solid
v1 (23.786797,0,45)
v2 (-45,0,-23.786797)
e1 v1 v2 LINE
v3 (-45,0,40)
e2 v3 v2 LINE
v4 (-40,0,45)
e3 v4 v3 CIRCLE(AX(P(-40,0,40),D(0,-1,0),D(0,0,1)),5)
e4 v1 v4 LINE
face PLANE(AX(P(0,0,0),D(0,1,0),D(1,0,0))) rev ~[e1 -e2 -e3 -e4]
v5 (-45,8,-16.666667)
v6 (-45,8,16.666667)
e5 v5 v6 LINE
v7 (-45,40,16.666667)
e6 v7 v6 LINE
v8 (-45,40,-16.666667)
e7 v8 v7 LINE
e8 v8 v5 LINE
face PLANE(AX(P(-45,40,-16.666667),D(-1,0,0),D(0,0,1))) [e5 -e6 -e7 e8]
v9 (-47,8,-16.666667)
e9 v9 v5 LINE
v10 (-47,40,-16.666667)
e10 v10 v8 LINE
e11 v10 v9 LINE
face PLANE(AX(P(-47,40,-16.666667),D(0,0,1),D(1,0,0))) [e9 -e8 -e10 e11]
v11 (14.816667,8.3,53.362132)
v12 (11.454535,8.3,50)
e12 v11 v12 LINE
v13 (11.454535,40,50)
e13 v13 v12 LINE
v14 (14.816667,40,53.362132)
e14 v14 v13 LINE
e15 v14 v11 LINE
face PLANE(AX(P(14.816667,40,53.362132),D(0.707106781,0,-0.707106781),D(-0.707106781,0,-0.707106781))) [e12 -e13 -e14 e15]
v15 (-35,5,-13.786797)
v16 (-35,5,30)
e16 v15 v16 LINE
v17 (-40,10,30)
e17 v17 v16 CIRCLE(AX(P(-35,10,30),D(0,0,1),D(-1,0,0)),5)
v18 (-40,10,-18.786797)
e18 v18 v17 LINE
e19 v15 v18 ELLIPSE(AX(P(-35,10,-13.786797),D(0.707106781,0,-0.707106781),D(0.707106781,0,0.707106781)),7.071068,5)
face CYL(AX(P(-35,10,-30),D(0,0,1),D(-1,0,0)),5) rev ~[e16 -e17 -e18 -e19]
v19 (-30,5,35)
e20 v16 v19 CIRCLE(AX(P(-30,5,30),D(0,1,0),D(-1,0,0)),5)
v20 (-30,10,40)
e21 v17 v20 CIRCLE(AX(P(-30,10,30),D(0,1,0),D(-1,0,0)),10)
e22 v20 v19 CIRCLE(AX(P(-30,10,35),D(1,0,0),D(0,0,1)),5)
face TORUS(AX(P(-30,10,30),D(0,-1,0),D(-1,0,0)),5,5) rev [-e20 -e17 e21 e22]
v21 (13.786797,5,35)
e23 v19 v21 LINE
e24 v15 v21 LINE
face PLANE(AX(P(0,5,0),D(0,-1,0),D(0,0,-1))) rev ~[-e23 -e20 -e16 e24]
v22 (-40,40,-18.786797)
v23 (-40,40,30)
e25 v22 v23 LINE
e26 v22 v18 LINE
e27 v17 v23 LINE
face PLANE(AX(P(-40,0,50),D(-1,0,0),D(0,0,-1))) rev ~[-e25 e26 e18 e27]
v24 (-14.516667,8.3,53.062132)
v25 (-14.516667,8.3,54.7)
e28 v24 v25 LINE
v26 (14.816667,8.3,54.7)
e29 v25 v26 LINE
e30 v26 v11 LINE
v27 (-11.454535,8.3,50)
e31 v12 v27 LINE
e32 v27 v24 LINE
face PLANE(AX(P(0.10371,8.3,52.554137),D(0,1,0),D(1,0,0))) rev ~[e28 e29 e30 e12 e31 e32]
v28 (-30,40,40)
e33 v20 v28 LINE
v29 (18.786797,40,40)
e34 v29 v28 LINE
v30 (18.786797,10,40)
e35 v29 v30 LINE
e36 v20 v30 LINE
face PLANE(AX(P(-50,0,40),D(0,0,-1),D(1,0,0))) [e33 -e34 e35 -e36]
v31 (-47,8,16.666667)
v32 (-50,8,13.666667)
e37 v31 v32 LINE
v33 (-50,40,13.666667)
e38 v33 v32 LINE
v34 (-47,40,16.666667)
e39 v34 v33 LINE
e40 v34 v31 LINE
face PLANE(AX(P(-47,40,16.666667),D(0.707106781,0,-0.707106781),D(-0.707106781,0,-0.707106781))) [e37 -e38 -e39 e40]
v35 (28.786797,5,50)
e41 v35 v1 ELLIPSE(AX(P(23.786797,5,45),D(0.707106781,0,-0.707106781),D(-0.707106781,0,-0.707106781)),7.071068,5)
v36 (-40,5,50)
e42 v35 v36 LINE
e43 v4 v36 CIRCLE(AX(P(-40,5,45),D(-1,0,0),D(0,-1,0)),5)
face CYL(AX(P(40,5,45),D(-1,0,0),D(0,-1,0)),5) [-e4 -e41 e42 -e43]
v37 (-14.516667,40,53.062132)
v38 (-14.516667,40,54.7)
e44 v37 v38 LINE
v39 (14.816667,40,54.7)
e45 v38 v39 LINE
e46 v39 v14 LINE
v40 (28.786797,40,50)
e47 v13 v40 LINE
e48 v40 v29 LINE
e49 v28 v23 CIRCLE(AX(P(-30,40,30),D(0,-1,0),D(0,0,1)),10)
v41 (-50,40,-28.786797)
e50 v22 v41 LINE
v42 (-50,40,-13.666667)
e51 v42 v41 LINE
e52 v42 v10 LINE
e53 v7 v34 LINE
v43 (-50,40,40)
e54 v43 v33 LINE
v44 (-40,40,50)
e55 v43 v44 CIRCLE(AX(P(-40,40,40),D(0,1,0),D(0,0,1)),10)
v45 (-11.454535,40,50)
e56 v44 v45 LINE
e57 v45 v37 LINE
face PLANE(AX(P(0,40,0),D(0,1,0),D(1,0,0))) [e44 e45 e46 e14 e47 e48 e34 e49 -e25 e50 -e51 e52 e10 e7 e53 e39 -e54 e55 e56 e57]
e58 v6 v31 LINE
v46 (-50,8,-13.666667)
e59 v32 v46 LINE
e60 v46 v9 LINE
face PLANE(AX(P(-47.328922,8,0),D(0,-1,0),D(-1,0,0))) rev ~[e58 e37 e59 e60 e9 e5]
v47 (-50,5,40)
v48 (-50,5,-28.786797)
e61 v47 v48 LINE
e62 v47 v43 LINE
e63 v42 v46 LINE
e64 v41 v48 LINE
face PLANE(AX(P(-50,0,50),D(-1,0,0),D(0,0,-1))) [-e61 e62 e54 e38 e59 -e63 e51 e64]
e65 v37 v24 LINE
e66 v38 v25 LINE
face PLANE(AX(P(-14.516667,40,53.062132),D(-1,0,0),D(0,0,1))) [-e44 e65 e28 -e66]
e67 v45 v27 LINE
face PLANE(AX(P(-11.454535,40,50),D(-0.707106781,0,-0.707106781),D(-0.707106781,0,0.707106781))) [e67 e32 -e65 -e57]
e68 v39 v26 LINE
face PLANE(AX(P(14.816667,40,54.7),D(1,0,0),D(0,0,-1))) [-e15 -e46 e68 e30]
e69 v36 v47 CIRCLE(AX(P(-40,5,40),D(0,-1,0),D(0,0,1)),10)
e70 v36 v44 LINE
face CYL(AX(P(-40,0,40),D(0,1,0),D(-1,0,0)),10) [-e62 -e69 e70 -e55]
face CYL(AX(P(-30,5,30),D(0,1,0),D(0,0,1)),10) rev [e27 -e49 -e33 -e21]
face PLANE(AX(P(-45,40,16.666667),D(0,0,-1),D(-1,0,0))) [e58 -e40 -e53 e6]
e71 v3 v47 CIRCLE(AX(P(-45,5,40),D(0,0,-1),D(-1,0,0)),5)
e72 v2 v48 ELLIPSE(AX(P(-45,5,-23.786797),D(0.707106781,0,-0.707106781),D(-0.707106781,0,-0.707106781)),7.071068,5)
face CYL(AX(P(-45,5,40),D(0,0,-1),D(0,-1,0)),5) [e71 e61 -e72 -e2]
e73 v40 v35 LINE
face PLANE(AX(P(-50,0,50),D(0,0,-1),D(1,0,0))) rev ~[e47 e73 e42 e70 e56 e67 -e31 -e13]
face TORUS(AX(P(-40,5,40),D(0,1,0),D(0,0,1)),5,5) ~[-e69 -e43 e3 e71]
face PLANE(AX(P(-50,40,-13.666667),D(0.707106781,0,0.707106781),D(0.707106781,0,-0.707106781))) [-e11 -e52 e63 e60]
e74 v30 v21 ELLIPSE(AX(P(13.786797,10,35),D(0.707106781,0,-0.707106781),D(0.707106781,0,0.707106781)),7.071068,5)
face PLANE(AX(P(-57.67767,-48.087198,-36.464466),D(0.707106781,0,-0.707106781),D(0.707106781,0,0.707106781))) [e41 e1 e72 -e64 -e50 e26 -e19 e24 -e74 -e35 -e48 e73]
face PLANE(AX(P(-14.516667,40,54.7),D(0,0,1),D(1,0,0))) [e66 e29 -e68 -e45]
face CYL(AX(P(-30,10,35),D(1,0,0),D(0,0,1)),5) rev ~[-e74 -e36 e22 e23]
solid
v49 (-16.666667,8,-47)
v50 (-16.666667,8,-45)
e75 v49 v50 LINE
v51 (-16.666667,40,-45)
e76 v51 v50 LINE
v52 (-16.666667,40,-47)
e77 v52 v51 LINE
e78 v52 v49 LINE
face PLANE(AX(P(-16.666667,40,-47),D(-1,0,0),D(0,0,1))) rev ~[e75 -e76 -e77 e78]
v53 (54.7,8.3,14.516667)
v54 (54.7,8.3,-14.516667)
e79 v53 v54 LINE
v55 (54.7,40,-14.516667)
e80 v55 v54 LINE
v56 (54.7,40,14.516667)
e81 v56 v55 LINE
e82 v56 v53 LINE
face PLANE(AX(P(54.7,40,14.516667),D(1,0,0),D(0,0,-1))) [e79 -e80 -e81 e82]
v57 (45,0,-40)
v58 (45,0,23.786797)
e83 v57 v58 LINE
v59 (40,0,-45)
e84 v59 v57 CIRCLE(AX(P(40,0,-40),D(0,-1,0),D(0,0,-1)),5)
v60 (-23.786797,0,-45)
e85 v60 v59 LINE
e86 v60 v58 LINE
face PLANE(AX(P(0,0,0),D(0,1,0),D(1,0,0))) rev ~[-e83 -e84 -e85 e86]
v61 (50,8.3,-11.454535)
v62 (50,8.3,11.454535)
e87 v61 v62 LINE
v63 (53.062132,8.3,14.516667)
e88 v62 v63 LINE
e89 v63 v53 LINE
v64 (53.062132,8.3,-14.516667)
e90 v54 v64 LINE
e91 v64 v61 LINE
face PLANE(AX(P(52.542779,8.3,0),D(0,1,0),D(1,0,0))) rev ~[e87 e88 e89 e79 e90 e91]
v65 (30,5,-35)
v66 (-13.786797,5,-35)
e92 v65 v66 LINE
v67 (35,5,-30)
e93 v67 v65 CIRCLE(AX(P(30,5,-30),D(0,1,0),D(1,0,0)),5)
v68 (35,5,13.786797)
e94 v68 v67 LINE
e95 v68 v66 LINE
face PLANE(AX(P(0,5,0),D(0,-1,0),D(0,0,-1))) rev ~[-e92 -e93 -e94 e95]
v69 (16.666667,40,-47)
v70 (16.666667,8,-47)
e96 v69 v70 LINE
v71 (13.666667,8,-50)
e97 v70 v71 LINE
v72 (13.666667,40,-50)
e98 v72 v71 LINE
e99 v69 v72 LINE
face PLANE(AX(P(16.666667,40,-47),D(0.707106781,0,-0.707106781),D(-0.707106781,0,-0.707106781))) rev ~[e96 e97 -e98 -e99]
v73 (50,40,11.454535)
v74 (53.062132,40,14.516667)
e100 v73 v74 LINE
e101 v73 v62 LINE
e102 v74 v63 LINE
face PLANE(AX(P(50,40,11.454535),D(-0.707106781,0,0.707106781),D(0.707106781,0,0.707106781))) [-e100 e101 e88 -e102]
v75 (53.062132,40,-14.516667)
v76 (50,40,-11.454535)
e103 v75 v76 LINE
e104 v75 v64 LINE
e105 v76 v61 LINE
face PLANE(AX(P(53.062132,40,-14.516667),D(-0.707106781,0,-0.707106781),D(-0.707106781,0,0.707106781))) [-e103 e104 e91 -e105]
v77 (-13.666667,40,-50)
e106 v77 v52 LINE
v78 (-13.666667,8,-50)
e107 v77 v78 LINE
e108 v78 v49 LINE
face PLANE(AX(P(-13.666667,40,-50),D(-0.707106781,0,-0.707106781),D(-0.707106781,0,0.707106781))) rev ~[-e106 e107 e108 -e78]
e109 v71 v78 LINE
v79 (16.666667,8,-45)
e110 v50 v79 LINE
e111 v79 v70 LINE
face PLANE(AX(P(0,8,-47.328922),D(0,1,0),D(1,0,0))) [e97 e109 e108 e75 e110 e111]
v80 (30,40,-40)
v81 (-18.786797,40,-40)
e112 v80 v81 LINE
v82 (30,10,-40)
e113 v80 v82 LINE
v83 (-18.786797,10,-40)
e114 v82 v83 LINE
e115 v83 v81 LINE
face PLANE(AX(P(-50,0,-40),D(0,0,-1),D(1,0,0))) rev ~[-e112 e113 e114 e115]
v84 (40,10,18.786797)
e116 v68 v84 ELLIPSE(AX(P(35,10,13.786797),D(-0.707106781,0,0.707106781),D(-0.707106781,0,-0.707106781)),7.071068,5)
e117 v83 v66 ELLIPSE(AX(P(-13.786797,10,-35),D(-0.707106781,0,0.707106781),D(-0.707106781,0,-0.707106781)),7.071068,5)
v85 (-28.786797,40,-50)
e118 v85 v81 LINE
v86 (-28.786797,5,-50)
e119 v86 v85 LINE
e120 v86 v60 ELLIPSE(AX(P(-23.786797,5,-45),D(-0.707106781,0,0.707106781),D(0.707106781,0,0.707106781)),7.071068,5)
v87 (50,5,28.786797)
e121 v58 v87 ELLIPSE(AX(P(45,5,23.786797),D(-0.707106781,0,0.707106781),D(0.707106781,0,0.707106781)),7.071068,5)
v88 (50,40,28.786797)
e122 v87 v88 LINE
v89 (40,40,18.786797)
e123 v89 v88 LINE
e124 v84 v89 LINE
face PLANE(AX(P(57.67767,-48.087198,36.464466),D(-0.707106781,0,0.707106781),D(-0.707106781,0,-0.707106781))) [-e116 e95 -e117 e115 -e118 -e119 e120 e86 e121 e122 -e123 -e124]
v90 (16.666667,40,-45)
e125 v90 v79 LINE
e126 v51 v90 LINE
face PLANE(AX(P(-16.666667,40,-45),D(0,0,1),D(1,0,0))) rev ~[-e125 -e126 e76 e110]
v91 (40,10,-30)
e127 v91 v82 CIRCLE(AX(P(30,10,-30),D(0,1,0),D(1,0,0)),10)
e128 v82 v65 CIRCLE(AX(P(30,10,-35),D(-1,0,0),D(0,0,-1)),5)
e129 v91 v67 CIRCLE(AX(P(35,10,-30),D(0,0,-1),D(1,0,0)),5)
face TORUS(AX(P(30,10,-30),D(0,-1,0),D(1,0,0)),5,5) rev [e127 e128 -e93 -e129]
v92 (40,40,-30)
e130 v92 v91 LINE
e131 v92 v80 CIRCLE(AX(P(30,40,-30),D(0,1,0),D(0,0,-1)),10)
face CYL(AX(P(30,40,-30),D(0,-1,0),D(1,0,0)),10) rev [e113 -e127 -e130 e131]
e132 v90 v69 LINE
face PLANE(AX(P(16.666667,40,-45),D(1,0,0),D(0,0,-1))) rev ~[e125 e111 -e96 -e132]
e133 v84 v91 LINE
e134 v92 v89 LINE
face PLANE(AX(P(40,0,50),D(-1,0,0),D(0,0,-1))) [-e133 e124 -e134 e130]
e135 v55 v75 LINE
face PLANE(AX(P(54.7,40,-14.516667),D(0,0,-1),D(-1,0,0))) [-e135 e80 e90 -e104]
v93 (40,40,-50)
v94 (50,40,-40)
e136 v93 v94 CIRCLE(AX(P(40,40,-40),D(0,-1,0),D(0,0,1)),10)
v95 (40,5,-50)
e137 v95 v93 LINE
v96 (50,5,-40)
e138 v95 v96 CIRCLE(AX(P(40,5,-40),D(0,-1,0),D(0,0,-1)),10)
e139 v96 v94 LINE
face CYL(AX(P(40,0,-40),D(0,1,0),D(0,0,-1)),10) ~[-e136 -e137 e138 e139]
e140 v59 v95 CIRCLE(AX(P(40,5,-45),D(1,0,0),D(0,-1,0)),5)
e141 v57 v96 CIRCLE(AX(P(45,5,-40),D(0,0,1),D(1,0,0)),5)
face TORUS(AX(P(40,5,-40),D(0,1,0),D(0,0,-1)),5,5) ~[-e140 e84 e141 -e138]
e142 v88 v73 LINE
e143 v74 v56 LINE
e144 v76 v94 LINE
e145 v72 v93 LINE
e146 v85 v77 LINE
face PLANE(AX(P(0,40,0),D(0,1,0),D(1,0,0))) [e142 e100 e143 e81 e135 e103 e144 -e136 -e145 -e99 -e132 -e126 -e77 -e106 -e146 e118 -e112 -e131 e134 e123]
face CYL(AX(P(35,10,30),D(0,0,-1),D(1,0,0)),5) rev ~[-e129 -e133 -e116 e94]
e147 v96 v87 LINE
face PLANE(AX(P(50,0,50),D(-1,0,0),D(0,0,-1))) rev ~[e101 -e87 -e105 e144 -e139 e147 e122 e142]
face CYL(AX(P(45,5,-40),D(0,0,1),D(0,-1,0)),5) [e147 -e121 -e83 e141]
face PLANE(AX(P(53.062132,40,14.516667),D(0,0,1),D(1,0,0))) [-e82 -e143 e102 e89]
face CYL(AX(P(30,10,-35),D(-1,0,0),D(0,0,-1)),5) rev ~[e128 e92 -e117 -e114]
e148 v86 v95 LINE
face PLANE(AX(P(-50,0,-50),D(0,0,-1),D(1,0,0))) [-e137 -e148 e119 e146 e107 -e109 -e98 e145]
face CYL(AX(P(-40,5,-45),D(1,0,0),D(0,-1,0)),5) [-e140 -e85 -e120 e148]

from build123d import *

# Parameters (mm, degrees)
SKETCH1_W                    = 100
SKETCH1_H                    = 100
BOSS_EXTRUDE1_DEPTH          = 40
SHELL1_T                     = -10
SHELL1_THICKNESS_2_FACE_W    = 80
SHELL1_THICKNESS_2_FACE_H    = 80
SHELL1_THICKNESS_2_DEPTH     = 5
CUT_EXTRUDE1_DEPTH           = 32
BOSS_EXTRUDE2_DEPTH          = 31.7
CUT_EXTRUDE2_DEPTH           = 32
BOSS_EXTRUDE3_DEPTH          = 31.7
FILLET1_R                    = 10
FILLET2_R                    = 5
CUT_EXTRUDE_THIN1_DEPTH      = 88.087197681
CUT_EXTRUDE_THIN1_DEPTH_BACK = 88.087197681


with BuildPart() as part:
    # Sketch1 → Boss-Extrude1 (new body)
    with BuildSketch(Plane(origin=(0, 0, 0), x_dir=(1, 0, 0), z_dir=(0, 1, 0))):
        Rectangle(SKETCH1_W, SKETCH1_H)
    extrude(amount=BOSS_EXTRUDE1_DEPTH)

    # Shell1
    shell1_openings = [part.faces().sort_by_distance(p)[0] for p in [
        (0, 40, 0),
    ]]
    offset(amount=SHELL1_T, openings=shell1_openings, kind=Kind.INTERSECTION)

    # Shell1 thickness 2 face (on inner face of the shell) → Shell1 thickness 2 (cut)
    with BuildSketch(Plane(origin=(0, 10, 0), x_dir=(0, 0, -1), z_dir=(0, -1, 0))):
        Rectangle(SHELL1_THICKNESS_2_FACE_W, SHELL1_THICKNESS_2_FACE_H)
    extrude(amount=SHELL1_THICKNESS_2_DEPTH, mode=Mode.SUBTRACT)

    # Sketch2 → Cut-Extrude1 (cut)
    with BuildSketch(Plane(origin=(0, 40, 0), x_dir=(1, 0, 0), z_dir=(0, 1, 0))):
        Polygon((-13.666666667, 50), (-16.666666667, 47), (-16.666666667, 45), (16.666666667, 45), (16.666666667, 47), (13.666666667, 50), align=None)
    extrude(amount=-CUT_EXTRUDE1_DEPTH, mode=Mode.SUBTRACT)

    # Sketch3 → Boss-Extrude2 (add)
    with BuildSketch(Plane(origin=(0, 40, 0), x_dir=(1, 0, 0), z_dir=(0, 1, 0))):
        Polygon((-11.454534632, -50), (-14.516666667, -53.062132034), (-14.516666667, -54.7), (14.816666667, -54.7), (14.816666667, -53.362132034), (11.454534632, -50), align=None)
    extrude(amount=-BOSS_EXTRUDE2_DEPTH)

    # Sketch4 → Cut-Extrude2 (cut)
    with BuildSketch(Plane(origin=(0, 40, 0), x_dir=(1, 0, 0), z_dir=(0, 1, 0))):
        Polygon((-45, 16.666666667), (-45, -16.666666667), (-47, -16.666666667), (-50, -13.666666667), (-50, 13.666666667), (-47, 16.666666667), align=None)
    extrude(amount=-CUT_EXTRUDE2_DEPTH, mode=Mode.SUBTRACT)

    # Sketch5 → Boss-Extrude3 (add)
    with BuildSketch(Plane(origin=(0, 40, 0), x_dir=(1, 0, 0), z_dir=(0, 1, 0))):
        Polygon((50, 11.454534632), (50, -11.454534632), (53.062132034, -14.516666667), (54.7, -14.516666667), (54.7, 14.516666667), (53.062132034, 14.516666667), align=None)
    extrude(amount=-BOSS_EXTRUDE3_DEPTH)

    # Fillet1
    fillet1_edges = [part.edges().sort_by_distance(p)[0] for p in [
        (40, 22.5, 40),
        (40, 22.5, -40),
        (-40, 22.5, -40),
        (-40, 22.5, 40),
        (50, 20, 50),
        (-50, 20, 50),
        (-50, 20, -50),
        (50, 20, -50),
    ]]
    fillet(fillet1_edges, radius=FILLET1_R)

    # Fillet2
    fillet2_edges = [part.edges().sort_by_distance(p)[0] for p in [
        (0, 0, -50),
        (50, 0, 0),
        (0, 0, 50),
        (-50, 0, 0),
        (47.071067812, 0, 47.071067812),
        (-47.071067812, 0, 47.071067812),
        (-47.071067812, 0, -47.071067812),
        (47.071067812, 0, -47.071067812),
        (40, 5, 0),
        (0, 5, -40),
        (-40, 5, 0),
        (0, 5, 40),
        (37.071067812, 5, 37.071067812),
        (-37.071067812, 5, 37.071067812),
        (-37.071067812, 5, -37.071067812),
        (37.071067812, 5, -37.071067812),
    ]]
    fillet(fillet2_edges, radius=FILLET2_R)

    # Sketch7 → Cut-Extrude-Thin1 (cut, two sides: drawn at the far end of the back side and taken through both)
    with BuildSketch(Plane(origin=(0, 40, 0), x_dir=(1, 0, 0), z_dir=(0, 1, 0)).offset(-CUT_EXTRUDE_THIN1_DEPTH_BACK)):
        Polygon((-57.67766953, 36.464466094), (36.464466094, -57.67766953), (57.67766953, -36.464466094), (-36.464466094, 57.67766953), align=None)
    extrude(amount=CUT_EXTRUDE_THIN1_DEPTH + CUT_EXTRUDE_THIN1_DEPTH_BACK, mode=Mode.SUBTRACT)


with BuildPart() as cut_extrude_thin1_piece_1:
    # of the separate pieces the step leaves, piece 1, a body of its own (cut_extrude_thin1_pieces)
    add(part.part.solids().sort_by_distance((-40, 40, 50))[0])


with BuildPart() as cut_extrude_thin1_piece_2:
    # of the separate pieces the step leaves, piece 2, a body of its own (cut_extrude_thin1_pieces)
    add(part.part.solids().sort_by_distance((-28.786796564, 5, -50))[0])


solid = Compound([cut_extrude_thin1_piece_1.part, cut_extrude_thin1_piece_2.part])
